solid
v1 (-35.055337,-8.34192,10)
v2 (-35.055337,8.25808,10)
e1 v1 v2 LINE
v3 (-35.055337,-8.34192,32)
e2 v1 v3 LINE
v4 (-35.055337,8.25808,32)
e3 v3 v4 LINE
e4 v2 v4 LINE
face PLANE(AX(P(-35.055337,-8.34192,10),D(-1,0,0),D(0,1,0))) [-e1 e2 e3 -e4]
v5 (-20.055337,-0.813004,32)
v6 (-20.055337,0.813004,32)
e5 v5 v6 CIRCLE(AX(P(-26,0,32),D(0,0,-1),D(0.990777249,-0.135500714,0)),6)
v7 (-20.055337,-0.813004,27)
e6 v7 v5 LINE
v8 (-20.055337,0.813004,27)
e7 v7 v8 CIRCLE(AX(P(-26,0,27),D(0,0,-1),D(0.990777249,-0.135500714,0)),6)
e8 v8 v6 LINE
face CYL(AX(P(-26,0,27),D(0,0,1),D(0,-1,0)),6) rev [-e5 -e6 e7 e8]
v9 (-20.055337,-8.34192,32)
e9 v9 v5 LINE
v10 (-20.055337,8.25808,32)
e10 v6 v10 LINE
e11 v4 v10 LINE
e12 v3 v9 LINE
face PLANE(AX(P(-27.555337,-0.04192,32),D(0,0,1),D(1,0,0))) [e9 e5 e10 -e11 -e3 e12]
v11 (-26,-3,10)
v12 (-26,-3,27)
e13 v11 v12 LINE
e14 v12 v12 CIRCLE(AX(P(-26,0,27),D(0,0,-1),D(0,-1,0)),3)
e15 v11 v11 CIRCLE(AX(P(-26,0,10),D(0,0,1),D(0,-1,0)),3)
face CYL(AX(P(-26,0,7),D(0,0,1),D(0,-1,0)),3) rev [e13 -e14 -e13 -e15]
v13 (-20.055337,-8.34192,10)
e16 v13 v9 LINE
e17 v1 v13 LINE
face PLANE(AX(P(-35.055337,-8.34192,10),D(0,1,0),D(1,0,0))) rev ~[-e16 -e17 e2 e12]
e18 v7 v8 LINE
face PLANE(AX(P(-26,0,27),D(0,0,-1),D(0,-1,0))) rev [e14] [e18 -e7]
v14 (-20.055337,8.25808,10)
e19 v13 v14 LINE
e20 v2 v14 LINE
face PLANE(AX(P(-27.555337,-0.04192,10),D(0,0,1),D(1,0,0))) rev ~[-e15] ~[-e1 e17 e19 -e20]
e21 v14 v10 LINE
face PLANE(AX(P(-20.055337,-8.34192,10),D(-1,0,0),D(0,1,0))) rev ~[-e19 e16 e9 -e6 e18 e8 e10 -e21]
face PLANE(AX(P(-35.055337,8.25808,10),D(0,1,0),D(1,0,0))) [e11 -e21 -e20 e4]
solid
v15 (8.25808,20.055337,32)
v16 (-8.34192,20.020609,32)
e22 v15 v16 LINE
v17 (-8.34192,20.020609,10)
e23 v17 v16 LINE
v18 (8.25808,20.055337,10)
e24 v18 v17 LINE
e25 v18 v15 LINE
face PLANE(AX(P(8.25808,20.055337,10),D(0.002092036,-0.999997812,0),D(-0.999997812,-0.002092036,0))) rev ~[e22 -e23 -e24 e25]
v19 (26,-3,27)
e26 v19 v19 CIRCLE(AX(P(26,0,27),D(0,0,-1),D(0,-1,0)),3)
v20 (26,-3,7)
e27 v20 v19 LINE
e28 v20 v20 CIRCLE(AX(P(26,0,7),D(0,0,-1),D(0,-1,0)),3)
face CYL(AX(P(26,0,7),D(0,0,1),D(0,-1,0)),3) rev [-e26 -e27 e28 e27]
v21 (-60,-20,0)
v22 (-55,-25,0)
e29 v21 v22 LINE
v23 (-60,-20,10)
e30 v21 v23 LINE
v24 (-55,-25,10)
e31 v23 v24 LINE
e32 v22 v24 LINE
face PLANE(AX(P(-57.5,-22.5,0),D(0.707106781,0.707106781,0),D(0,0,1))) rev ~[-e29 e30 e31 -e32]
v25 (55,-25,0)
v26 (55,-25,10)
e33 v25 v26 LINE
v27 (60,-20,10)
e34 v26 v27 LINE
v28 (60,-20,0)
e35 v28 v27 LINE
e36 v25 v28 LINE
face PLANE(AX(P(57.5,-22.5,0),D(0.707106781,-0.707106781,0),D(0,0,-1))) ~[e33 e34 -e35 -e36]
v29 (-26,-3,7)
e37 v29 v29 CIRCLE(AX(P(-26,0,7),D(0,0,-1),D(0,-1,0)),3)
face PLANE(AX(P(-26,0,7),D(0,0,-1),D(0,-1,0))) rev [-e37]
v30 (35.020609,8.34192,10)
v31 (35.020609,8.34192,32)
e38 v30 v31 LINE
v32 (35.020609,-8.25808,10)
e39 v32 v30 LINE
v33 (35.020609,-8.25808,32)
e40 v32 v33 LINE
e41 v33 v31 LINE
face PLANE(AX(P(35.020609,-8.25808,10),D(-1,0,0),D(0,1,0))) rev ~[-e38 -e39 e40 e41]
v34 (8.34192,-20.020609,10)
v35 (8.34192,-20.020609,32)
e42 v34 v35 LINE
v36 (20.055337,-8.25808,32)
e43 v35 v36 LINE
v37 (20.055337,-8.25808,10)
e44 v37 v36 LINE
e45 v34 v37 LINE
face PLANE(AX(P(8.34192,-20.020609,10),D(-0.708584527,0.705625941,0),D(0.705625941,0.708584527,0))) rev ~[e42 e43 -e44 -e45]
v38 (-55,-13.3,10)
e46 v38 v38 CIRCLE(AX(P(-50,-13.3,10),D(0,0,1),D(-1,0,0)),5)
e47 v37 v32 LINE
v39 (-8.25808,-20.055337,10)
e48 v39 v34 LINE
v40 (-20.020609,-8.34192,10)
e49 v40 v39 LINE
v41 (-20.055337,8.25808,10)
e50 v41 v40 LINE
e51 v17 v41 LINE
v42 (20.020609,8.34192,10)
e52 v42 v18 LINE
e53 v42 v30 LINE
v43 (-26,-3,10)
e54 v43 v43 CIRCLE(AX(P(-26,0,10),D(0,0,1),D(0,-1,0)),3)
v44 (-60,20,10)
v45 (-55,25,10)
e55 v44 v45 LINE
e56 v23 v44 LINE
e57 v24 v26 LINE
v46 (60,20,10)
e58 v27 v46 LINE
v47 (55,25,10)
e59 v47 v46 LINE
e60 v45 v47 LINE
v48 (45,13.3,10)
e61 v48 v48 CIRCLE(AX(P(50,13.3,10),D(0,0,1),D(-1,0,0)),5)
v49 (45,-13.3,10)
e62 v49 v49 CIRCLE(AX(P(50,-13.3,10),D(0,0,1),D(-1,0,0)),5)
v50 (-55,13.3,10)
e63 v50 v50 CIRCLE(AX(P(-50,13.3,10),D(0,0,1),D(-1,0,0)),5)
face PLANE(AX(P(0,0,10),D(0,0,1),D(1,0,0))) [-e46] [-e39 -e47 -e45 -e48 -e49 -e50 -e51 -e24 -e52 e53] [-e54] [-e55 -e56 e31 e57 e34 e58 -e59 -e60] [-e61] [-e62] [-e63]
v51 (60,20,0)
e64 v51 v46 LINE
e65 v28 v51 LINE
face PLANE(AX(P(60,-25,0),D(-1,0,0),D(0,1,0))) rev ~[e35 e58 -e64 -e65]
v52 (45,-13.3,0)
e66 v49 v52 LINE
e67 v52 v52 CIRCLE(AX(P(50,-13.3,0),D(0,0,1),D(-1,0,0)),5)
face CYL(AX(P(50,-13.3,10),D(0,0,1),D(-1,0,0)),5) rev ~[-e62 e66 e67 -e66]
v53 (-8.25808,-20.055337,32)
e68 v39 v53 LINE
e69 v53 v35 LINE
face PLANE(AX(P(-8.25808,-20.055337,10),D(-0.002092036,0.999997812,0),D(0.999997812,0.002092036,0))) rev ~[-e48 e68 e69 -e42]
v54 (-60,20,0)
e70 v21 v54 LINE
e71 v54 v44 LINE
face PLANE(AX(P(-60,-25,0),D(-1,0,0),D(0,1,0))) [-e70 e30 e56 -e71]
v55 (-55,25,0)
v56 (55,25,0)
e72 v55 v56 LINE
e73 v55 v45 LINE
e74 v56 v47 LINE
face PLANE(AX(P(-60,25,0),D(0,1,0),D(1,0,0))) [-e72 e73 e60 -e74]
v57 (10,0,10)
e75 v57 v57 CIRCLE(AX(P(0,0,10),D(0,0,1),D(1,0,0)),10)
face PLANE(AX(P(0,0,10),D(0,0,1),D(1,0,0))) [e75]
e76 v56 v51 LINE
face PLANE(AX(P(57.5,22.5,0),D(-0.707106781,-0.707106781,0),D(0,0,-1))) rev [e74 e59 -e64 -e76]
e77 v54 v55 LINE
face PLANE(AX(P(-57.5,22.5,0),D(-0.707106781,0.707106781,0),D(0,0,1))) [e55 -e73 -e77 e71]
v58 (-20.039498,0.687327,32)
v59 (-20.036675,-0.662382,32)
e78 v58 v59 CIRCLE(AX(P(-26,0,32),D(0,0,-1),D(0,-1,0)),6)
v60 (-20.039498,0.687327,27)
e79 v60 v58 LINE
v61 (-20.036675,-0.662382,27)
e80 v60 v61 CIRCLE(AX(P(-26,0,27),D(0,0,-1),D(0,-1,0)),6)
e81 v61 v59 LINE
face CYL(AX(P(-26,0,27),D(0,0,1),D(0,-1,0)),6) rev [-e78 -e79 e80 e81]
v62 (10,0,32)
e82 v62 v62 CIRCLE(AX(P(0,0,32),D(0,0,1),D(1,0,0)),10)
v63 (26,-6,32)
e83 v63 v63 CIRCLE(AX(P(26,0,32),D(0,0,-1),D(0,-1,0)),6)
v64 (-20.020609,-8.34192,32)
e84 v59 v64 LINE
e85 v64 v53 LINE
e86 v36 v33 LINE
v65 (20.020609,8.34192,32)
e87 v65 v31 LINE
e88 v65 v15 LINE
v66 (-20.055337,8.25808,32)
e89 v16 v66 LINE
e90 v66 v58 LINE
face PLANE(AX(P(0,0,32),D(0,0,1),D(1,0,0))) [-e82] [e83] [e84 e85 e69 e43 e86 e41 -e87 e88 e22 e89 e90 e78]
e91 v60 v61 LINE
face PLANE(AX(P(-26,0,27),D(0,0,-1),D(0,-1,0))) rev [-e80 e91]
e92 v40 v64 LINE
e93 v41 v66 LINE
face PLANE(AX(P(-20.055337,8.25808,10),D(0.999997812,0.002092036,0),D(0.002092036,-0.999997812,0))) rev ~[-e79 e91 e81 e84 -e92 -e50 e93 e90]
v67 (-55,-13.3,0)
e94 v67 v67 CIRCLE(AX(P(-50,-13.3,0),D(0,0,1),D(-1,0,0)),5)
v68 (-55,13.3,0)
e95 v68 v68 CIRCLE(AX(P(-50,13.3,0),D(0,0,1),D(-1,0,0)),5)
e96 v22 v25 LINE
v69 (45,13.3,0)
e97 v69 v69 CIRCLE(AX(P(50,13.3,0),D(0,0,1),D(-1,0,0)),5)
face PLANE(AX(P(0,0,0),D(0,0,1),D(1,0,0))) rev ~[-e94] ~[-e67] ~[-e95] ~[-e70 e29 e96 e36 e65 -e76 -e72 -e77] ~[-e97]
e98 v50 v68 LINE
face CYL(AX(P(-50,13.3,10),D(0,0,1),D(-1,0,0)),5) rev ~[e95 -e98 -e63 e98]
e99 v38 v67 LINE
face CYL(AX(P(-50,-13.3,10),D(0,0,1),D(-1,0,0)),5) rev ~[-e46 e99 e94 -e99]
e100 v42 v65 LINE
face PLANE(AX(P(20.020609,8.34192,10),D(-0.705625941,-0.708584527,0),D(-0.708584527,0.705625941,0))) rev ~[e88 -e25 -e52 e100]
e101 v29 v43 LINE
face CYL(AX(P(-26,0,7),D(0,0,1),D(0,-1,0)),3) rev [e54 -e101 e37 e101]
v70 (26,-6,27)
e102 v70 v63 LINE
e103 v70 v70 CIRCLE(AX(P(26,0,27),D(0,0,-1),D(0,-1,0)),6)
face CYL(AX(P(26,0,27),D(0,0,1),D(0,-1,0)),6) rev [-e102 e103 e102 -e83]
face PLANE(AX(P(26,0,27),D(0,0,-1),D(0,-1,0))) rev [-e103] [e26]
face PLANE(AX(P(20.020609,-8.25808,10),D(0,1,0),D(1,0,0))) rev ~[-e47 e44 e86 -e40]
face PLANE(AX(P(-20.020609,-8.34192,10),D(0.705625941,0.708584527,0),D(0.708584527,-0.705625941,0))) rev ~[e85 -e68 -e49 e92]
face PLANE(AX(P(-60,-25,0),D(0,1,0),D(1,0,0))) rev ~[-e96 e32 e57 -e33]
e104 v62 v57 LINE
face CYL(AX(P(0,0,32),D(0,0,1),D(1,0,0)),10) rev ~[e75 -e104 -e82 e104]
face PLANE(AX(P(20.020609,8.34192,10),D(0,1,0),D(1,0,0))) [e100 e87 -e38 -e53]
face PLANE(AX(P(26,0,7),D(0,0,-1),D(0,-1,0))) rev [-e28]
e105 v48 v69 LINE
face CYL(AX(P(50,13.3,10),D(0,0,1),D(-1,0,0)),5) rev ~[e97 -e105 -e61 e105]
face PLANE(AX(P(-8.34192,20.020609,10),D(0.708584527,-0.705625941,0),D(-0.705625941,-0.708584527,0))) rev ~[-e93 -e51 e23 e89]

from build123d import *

# Parameters (mm, degrees)
SKETCH_1_W                 = 120
SKETCH_1_H                 = 50
EXTRUDE_1_DEPTH            = 10
CUT_EXTRUDE_START          = 10
SKETCH_1_4_R               = 5
CUT_EXTRUDE_1_DEPTH        = 76.76473219
SKETCH_1_5_R               = 5
CUT_EXTRUDE_2_DEPTH        = 76.76473219
SKETCH_1_6_R               = 5
CUT_EXTRUDE_3_DEPTH        = 76.76473219
SKETCH_1_7_R               = 5
CUT_EXTRUDE_4_DEPTH        = 76.76473219
EXTRUDE_START              = 10
EXTRUDE_2_DEPTH            = 22
SKETCH_1_9_W               = 15
SKETCH_1_9_H               = 16.6
EXTRUDE_7_DEPTH            = 22
SKETCH_1_10_W              = 15
SKETCH_1_10_H              = 16.6
EXTRUDE_8_DEPTH            = 22
CUT_EXTRUDE_START_2        = 32
SKETCH_1_11_R              = 10
CUT_EXTRUDE_5_DEPTH        = 22
HOLE_WIZARD_M52_AT_2_COUNT = 2
HOLE_WIZARD_M52_AT_2_PITCH = 52
CHAMFER_4_SIZE             = 5


with BuildPart() as part:
    # Эскиз1 → Бобышка-Вытянуть1 (new body)
    with BuildSketch(Plane.XY):
        Rectangle(SKETCH_1_W, SKETCH_1_H)
    extrude(amount=EXTRUDE_1_DEPTH)

    # Эскиз1<4> → Вырез-Вытянуть1 (cut, through all)
    with BuildSketch(Plane.XY.offset(CUT_EXTRUDE_START)):
        with Locations(Location((-50, 13.3, 0), (0, 0, 180))):
            Circle(SKETCH_1_4_R)
    extrude(amount=-CUT_EXTRUDE_1_DEPTH, mode=Mode.SUBTRACT)

    # Эскиз1<5> → Вырез-Вытянуть2 (cut, through all)
    with BuildSketch(Plane.XY.offset(CUT_EXTRUDE_START)):
        with Locations(Location((-50, -13.3, 0), (0, 0, 180))):
            Circle(SKETCH_1_5_R)
    extrude(amount=-CUT_EXTRUDE_2_DEPTH, mode=Mode.SUBTRACT)

    # Эскиз1<6> → Вырез-Вытянуть3 (cut, through all)
    with BuildSketch(Plane.XY.offset(CUT_EXTRUDE_START)):
        with Locations(Location((50, 13.3, 0), (0, 0, 180))):
            Circle(SKETCH_1_6_R)
    extrude(amount=-CUT_EXTRUDE_3_DEPTH, mode=Mode.SUBTRACT)

    # Эскиз1<7> → Вырез-Вытянуть4 (cut, through all)
    with BuildSketch(Plane.XY.offset(CUT_EXTRUDE_START)):
        with Locations(Location((50, -13.3, 0), (0, 0, 180))):
            Circle(SKETCH_1_7_R)
    extrude(amount=-CUT_EXTRUDE_4_DEPTH, mode=Mode.SUBTRACT)

    # Эскиз1<8> → Бобышка-Вытянуть2 (add)
    with BuildSketch(Plane.XY.offset(EXTRUDE_START)):
        Polygon((20.055336508, -8.258079739), (20.020608627, 8.341920261), (8.258079739, 20.055336508), (-8.341920261, 20.020608627), (-20.055336508, 8.258079739), (-20.020608627, -8.341920261), (-8.258079739, -20.055336508), (8.341920261, -20.020608627), align=None)
    extrude(amount=EXTRUDE_2_DEPTH)

    # Эскиз1<10> → Бобышка-Вытянуть8 (add)
    with BuildSketch(Plane.XY.offset(EXTRUDE_START)):
        with Locations((27.520608627, 0.041920261)):
            Rectangle(SKETCH_1_10_W, SKETCH_1_10_H)
    extrude(amount=EXTRUDE_8_DEPTH)

    # Эскиз1<11> → Вырез-Вытянуть5 (cut)
    with BuildSketch(Plane.XY.offset(CUT_EXTRUDE_START_2)):
        Circle(SKETCH_1_11_R)
    extrude(amount=-CUT_EXTRUDE_5_DEPTH, mode=Mode.SUBTRACT)


with BuildPart() as body_2:
    # Эскиз1<9> → Бобышка-Вытянуть7 (new body)
    with BuildSketch(Plane.XY.offset(EXTRUDE_START)):
        with Locations((-27.555336508, -0.041920261)):
            Rectangle(SKETCH_1_9_W, SKETCH_1_9_H)
    extrude(amount=EXTRUDE_7_DEPTH)


with BuildPart() as hole_wizard_m52_tool:
    # Эскиз11 → Цековка для  болта с шестигранной головкой M52 (revolve)
    with BuildSketch(Plane(origin=(-26, 0, 32), x_dir=(0, -1, 0), z_dir=(1, 0, 0))):
        Polygon((0, 0), (0, 25), (3, 25), (3, 5), (6, 5), (6, 0), align=None)
    hole_wizard_m52 = revolve(axis=Axis((-26, 0, 38.35), (0, 0, -1)))


with BuildPart() as part_1:
    add(part.part)

    # Цековка для  болта с шестигранной головкой M52: cut by hole_wizard_m52_tool
    add(hole_wizard_m52_tool.part, mode=Mode.SUBTRACT)

    # Цековка для  болта с шестигранной головкой M52 at 2: Цековка для  болта с шестигранной головкой M52 ×2
    with Locations(*[(i * HOLE_WIZARD_M52_AT_2_PITCH, 0, 0) for i in range(1, HOLE_WIZARD_M52_AT_2_COUNT)]):
        add(hole_wizard_m52, mode=Mode.SUBTRACT)

    # Фаска4
    chamfer_4_edges = [part_1.edges().sort_by_distance(p)[0] for p in [
        (-60, 25, 5),
        (-60, -25, 5),
        (60, -25, 5),
        (60, 25, 5),
    ]]
    chamfer(chamfer_4_edges, length=CHAMFER_4_SIZE)


with BuildPart() as body_2_1:
    add(body_2.part)

    # Цековка для  болта с шестигранной головкой M52: cut by hole_wizard_m52_tool
    add(hole_wizard_m52_tool.part, mode=Mode.SUBTRACT)


solid = Compound([part_1.part, body_2_1.part])
